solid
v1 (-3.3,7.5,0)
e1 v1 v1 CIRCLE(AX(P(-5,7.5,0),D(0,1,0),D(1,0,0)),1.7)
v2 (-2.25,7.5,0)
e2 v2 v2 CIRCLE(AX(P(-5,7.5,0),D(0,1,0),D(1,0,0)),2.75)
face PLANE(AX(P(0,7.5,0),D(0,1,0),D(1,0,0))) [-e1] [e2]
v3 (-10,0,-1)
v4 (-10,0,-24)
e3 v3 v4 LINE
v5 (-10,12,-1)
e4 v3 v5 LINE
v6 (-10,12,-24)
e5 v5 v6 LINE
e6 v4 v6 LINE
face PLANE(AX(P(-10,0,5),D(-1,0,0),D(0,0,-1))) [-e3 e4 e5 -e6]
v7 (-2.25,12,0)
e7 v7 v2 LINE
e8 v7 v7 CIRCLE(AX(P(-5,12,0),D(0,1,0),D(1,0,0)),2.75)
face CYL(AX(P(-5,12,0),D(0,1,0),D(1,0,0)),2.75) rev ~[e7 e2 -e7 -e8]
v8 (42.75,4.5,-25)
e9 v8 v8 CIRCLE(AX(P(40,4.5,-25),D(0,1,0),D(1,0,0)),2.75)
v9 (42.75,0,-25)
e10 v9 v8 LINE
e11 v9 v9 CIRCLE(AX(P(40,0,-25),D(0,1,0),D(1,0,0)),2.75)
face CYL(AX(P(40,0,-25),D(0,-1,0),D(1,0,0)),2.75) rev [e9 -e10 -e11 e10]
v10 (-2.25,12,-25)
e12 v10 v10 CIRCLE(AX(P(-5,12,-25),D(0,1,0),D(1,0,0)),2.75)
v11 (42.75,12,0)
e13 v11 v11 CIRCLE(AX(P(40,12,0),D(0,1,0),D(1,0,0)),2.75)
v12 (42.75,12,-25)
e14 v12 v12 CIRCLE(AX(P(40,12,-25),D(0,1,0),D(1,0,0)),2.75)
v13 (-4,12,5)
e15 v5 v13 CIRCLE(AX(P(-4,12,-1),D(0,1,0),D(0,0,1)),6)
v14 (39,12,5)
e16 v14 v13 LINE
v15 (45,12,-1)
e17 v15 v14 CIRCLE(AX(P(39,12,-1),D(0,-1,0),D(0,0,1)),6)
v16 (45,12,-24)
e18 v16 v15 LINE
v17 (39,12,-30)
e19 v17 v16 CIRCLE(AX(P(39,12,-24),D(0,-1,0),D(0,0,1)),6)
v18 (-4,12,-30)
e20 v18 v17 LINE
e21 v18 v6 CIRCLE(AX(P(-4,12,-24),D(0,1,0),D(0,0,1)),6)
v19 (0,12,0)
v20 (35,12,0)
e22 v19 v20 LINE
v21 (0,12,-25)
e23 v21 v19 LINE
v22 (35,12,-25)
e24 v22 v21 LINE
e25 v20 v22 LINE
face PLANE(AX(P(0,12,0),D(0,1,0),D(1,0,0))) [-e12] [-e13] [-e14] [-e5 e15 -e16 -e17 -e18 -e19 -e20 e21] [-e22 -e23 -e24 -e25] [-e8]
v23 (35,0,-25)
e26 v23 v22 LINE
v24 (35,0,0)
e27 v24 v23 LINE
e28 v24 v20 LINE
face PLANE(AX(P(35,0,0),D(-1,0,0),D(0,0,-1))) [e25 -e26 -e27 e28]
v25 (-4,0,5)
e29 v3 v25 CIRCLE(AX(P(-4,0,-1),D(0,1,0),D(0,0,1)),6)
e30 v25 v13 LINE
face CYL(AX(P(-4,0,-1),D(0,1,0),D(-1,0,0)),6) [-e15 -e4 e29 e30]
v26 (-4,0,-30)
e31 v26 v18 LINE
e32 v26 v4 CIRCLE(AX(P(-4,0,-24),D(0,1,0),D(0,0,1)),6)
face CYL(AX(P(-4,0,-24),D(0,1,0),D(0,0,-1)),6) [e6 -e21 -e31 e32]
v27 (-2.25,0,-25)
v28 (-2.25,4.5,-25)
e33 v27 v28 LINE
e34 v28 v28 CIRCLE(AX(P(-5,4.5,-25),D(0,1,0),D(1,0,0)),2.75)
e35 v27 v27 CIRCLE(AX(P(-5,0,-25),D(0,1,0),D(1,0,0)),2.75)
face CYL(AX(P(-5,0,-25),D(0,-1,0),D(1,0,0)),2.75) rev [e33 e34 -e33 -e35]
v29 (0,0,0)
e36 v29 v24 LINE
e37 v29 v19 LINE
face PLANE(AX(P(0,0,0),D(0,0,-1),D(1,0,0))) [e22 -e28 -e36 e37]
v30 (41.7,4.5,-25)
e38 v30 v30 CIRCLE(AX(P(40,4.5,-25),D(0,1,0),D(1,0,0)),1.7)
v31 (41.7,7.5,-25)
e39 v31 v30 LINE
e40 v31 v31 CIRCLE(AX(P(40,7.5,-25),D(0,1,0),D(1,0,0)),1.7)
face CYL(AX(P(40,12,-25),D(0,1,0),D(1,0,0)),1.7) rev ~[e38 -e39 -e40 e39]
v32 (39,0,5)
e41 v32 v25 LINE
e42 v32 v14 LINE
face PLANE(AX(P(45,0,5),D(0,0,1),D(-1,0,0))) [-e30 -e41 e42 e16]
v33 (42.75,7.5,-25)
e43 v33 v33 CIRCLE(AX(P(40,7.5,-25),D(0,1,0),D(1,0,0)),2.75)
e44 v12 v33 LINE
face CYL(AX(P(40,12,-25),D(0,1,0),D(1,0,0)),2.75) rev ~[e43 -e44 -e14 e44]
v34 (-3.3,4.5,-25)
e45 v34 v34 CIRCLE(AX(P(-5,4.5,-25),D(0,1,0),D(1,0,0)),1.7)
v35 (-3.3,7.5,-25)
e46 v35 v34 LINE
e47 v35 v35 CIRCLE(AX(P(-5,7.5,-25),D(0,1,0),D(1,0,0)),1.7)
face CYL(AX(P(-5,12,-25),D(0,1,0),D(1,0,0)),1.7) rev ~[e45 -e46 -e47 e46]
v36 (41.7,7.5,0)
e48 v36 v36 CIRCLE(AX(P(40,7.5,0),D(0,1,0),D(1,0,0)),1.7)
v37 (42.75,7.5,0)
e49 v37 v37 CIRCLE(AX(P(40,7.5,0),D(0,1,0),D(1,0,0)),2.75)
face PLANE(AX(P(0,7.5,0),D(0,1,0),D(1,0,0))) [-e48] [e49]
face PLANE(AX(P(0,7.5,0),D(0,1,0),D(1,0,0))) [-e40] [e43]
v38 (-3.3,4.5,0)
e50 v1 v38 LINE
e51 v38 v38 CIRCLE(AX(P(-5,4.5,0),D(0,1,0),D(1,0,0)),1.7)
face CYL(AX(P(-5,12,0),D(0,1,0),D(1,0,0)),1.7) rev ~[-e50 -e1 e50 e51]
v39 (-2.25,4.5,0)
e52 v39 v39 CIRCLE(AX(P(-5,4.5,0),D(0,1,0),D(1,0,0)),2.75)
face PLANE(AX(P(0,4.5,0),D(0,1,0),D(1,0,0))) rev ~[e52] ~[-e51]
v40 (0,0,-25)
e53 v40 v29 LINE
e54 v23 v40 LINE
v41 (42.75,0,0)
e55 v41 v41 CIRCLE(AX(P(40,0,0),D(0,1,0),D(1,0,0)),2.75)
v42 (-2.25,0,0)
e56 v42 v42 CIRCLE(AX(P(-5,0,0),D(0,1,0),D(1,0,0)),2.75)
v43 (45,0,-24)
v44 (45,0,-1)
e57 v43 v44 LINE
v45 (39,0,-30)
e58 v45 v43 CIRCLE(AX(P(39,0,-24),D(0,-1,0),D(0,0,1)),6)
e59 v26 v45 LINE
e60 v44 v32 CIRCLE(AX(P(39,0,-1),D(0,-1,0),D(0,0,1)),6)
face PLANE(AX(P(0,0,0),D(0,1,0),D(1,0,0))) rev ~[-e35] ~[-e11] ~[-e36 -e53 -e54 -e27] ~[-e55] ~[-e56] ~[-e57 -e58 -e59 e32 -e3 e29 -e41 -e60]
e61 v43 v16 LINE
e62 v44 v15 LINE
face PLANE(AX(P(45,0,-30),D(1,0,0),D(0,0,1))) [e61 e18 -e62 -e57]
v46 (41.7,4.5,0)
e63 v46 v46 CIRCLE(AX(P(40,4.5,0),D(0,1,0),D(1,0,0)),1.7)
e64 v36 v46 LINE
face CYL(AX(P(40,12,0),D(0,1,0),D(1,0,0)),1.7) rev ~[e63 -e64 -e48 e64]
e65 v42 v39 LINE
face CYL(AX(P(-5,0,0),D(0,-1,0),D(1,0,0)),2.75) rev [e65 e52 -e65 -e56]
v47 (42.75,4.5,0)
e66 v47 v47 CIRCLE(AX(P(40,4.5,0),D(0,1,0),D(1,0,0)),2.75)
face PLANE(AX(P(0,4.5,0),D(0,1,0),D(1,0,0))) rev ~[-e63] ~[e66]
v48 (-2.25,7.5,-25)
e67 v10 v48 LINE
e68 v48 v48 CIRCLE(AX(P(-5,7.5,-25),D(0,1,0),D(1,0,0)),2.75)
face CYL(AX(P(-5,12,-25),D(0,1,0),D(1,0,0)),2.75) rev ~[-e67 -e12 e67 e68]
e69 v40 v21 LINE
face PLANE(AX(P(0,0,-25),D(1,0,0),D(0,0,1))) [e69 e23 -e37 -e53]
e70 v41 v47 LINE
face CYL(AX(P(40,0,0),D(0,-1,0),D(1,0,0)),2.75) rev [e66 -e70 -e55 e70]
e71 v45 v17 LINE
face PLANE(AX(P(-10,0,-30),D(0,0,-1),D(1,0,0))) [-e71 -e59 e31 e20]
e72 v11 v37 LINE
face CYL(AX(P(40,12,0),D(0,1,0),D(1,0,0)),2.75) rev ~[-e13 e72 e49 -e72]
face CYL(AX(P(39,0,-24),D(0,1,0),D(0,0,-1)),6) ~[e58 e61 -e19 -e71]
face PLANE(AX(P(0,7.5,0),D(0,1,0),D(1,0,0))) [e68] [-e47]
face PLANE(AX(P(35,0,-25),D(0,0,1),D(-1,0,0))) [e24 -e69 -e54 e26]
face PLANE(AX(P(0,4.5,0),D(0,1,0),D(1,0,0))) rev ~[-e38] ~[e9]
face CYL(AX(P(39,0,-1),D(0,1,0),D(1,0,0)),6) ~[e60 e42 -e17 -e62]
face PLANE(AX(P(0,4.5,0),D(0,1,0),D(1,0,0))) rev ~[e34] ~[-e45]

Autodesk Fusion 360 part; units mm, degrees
sketch "Sketch1" plane through (0, 0, 0) normal (0, 1, 0) x (1, 0, 0)
  line L0 (0, 0) -> (35, 0)
  line L1 (35, 0) -> (35, 25)
  line L2 (35, 25) -> (0, 25)
  line L3 (0, 25) -> (0, 0)
  line L4 (-10, 30) -> (45, 30)
  line L5 (45, 30) -> (45, -5)
  line L6 (45, -5) -> (-10, -5)
  line L7 (-10, -5) -> (-10, 30)
  circle A0 centre (-5, 0) radius 2.75
  circle A1 centre (-5, 25) radius 2.75
  circle A2 centre (40, 0) radius 2.75
  circle A3 centre (40, 25) radius 2.75
  dimension "d1" = 35
  dimension "d2" = 25
  dimension "d3" = 55
  dimension "d4" = 35
  dimension "d5" = 5
  dimension "d6" = 10
  dimension "d7" = 5.5
  dimension "d8" = 5
  dimension "d9" = 5
  dimension "d10" = 5.5
  dimension "d11" = 5
  dimension "d12" = 5
  dimension "d13" = 5.5
  dimension "d14" = 5
  dimension "d15" = 5
  dimension "d16" = 5.5
  dimension "d17" = 5
  dimension "d18" = 5
extrude "Extrude1" add sketch "Sketch1" along normal blind 12 contours L4 L5 L6 L7 | A0 | A1 | A2 | A3
extrude "Extrude2" cut sketch "Sketch1" along normal blind 4.5 contours A0 | A1 | A2 | A3
ref_plane "WorkPlane1" through (0, 12, 0) normal (0, 1, 0) x (0, 0, 1)
sketch "Sketch2" plane through (0, 12, 0) normal (0, 1, 0) x (1, 0, 0)
  circle A0 centre (-5, 25) radius 2.75
  circle A1 centre (40, 0) radius 2.75
  circle A2 centre (40, 25) radius 2.75
  circle A3 centre (-5, 0) radius 2.75
  circle A4 centre (-5, 0) radius 1.7
  circle A5 centre (-5, 25) radius 1.7
  circle A6 centre (40, 25) radius 1.7
  circle A7 centre (40, 0) radius 1.7
  dimension "d24" = 5.5
  dimension "d26" = 5.5
  dimension "d28" = 5.5
  dimension "d29" = 5.5
  dimension "d32" = 3.4
  dimension "d33" = 3.4
  dimension "d34" = 3.4
  dimension "d35" = 3.4
extrude "Extrude3" cut sketch "Sketch2" against normal blind 4.5 contours A0 | A1 | A2 | A3 | A4 | A5 | A6 | A7
extrude "Extrude4" cut sketch "Sketch2" against normal blind 20 contours A4 | A5 | A6 | A7
fillet "Fillet1" radius 6 4 edges at (45, 6, -30) (45, 6, 5) (-10, 6, 5) (-10, 6, -30)
